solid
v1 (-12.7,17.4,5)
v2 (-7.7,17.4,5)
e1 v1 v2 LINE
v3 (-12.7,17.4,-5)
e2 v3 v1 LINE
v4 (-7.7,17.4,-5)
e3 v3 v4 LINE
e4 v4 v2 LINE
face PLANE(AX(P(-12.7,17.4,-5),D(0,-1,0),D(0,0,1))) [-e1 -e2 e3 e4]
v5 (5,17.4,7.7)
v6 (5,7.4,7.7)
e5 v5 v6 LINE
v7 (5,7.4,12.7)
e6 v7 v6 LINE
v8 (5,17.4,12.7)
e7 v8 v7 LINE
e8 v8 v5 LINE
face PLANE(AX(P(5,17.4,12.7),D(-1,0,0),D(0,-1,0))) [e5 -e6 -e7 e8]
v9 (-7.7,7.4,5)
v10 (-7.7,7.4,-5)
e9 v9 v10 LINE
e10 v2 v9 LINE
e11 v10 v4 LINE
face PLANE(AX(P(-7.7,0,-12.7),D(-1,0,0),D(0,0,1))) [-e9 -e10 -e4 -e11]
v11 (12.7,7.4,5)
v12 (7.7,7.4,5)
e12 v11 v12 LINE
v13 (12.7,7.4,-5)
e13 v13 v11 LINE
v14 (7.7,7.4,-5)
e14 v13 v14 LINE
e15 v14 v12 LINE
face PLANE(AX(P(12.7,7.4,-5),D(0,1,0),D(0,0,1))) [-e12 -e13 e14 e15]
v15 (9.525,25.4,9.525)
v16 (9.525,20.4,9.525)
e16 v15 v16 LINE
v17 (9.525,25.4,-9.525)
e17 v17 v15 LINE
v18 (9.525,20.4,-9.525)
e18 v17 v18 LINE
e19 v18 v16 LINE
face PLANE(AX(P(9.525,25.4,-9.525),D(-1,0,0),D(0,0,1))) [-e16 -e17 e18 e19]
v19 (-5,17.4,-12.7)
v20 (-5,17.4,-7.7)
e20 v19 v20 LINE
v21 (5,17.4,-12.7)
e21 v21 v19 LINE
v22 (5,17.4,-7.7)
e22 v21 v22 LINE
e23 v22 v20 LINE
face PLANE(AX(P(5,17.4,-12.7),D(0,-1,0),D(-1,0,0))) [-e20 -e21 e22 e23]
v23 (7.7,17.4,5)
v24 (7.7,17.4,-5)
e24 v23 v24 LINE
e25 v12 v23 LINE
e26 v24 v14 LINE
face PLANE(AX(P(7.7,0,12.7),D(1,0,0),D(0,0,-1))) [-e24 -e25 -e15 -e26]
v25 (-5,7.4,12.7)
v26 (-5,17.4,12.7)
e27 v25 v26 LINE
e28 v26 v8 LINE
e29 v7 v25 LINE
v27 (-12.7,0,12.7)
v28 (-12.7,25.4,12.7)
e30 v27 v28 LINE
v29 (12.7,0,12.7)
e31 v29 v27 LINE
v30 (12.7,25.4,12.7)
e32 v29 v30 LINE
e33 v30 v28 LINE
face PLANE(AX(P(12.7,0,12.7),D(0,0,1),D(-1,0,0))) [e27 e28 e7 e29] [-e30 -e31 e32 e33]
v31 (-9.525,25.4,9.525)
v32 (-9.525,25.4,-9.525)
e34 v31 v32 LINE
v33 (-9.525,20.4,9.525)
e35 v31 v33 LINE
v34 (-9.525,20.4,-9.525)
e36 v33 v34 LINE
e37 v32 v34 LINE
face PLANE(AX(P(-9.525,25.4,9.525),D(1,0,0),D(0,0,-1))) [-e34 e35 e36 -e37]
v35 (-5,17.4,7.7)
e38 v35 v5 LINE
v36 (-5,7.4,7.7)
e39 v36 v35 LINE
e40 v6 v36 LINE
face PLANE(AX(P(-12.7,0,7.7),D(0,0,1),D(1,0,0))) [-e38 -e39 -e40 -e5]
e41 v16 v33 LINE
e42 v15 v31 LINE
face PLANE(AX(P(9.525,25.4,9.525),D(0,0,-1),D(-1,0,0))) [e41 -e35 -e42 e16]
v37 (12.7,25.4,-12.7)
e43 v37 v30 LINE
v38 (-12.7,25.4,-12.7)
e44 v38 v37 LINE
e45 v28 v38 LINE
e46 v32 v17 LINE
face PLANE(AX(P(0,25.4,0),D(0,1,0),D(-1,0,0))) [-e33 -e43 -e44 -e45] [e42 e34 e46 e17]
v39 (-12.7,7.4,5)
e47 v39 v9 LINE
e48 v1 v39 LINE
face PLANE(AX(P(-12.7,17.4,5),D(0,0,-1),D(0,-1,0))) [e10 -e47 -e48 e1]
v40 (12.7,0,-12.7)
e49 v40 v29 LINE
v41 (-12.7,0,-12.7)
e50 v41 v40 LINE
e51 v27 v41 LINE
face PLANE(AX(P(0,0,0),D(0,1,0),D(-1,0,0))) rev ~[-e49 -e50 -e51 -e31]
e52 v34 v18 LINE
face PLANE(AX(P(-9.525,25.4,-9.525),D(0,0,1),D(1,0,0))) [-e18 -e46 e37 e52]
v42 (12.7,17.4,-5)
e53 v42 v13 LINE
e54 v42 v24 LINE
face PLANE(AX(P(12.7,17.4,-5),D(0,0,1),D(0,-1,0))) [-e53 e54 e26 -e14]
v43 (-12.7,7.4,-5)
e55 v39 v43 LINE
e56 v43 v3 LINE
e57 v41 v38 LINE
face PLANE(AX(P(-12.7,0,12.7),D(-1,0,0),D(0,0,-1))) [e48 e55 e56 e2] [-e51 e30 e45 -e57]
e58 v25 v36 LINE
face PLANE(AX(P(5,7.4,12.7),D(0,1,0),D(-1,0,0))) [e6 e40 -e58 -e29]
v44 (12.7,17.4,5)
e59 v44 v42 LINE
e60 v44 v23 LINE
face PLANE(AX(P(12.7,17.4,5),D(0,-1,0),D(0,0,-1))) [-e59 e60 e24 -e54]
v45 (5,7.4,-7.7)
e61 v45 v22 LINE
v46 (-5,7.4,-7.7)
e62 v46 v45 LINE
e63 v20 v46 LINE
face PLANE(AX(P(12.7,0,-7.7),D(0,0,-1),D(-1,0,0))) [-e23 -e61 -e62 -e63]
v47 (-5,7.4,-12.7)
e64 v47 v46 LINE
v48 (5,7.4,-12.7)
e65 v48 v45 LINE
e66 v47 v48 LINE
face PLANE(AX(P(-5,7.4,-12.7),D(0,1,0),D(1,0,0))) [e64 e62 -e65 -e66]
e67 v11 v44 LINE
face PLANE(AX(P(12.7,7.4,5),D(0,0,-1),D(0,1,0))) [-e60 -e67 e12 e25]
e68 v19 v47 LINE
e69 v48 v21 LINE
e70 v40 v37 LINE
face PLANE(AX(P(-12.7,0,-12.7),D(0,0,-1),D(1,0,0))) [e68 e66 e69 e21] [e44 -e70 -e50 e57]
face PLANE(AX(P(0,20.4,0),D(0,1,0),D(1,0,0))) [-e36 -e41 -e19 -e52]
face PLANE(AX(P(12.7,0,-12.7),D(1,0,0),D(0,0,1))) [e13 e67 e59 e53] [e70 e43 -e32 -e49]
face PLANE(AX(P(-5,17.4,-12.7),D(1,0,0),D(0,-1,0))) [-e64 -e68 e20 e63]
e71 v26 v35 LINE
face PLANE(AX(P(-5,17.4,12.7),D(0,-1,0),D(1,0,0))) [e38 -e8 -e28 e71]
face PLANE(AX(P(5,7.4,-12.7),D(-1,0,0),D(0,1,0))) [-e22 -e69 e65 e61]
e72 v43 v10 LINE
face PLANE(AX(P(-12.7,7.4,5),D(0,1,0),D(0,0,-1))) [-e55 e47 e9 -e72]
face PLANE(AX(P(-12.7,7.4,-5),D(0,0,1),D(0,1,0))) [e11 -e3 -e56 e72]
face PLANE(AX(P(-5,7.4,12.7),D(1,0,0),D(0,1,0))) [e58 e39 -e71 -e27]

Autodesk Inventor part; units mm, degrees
ref_plane "YZ Plane" through (0, 0, 0) normal (1, 0, 0) x (0, 1, 0)
ref_plane "XZ Plane" through (0, 0, 0) normal (0, 1, 0) x (-1, 0, 0)
ref_plane "XY Plane" through (0, 0, 0) normal (0, 0, 1) x (1, 0, 0)
sketch "Sketch1" plane through (0, 0, 0) normal (0, 1, 0) x (-1, 0, 0)
  line L0 (-12.7, -12.7) -> (-12.7, 12.7)
  line L1 (-12.7, 12.7) -> (12.7, 12.7)
  line L2 (12.7, 12.7) -> (12.7, -12.7)
  line L3 (12.7, -12.7) -> (-12.7, -12.7)
  point P0 (0, 0)
  point P1 (0, 0)
  dimension "d0" = 25.4
extrude "Extrusion1" add sketch "Sketch1" along normal blind 25.4
sketch "Sketch2" plane through (0, 25.4, 0) normal (0, 1, 0) x (1, 0, 0)
  line L0 (9.525, 9.525) -> (9.525, -9.525)
  line L1 (9.525, -9.525) -> (-9.525, -9.525)
  line L2 (-9.525, -9.525) -> (-9.525, 9.525)
  line L3 (-9.525, 9.525) -> (9.525, 9.525)
  point P0 (0, 0)
  point P1 (0, 0)
  dimension "d3" = 19.05
extrude "Extrusion2" cut sketch "Sketch2" against normal blind 5
sketch "Sketch3" plane through (12.7, 0, 12.7) normal (1, 0, 0) x (0, 0, -1)
  line L0 (22.225, 20.4) -> (3.175, 20.4) projected
  line L1 (17.7, 7.4) -> (7.7, 7.4)
  line L2 (7.7, 7.4) -> (7.7, 17.4)
  line L3 (7.7, 17.4) -> (17.7, 17.4)
  line L4 (17.7, 17.4) -> (17.7, 7.4)
  point P0 (12.7, 0)
  point P1 (12.7, 12.4)
  dimension "d6" = 10
extrude "Extrusion3" cut sketch "Sketch3" against normal blind 5
pattern_circular "Circular Pattern1" count 4 over 360 about axis through (0, -10, 0) along (0, 1, 0) of "Extrusion3"
properties part number "frame_nexus_2"
